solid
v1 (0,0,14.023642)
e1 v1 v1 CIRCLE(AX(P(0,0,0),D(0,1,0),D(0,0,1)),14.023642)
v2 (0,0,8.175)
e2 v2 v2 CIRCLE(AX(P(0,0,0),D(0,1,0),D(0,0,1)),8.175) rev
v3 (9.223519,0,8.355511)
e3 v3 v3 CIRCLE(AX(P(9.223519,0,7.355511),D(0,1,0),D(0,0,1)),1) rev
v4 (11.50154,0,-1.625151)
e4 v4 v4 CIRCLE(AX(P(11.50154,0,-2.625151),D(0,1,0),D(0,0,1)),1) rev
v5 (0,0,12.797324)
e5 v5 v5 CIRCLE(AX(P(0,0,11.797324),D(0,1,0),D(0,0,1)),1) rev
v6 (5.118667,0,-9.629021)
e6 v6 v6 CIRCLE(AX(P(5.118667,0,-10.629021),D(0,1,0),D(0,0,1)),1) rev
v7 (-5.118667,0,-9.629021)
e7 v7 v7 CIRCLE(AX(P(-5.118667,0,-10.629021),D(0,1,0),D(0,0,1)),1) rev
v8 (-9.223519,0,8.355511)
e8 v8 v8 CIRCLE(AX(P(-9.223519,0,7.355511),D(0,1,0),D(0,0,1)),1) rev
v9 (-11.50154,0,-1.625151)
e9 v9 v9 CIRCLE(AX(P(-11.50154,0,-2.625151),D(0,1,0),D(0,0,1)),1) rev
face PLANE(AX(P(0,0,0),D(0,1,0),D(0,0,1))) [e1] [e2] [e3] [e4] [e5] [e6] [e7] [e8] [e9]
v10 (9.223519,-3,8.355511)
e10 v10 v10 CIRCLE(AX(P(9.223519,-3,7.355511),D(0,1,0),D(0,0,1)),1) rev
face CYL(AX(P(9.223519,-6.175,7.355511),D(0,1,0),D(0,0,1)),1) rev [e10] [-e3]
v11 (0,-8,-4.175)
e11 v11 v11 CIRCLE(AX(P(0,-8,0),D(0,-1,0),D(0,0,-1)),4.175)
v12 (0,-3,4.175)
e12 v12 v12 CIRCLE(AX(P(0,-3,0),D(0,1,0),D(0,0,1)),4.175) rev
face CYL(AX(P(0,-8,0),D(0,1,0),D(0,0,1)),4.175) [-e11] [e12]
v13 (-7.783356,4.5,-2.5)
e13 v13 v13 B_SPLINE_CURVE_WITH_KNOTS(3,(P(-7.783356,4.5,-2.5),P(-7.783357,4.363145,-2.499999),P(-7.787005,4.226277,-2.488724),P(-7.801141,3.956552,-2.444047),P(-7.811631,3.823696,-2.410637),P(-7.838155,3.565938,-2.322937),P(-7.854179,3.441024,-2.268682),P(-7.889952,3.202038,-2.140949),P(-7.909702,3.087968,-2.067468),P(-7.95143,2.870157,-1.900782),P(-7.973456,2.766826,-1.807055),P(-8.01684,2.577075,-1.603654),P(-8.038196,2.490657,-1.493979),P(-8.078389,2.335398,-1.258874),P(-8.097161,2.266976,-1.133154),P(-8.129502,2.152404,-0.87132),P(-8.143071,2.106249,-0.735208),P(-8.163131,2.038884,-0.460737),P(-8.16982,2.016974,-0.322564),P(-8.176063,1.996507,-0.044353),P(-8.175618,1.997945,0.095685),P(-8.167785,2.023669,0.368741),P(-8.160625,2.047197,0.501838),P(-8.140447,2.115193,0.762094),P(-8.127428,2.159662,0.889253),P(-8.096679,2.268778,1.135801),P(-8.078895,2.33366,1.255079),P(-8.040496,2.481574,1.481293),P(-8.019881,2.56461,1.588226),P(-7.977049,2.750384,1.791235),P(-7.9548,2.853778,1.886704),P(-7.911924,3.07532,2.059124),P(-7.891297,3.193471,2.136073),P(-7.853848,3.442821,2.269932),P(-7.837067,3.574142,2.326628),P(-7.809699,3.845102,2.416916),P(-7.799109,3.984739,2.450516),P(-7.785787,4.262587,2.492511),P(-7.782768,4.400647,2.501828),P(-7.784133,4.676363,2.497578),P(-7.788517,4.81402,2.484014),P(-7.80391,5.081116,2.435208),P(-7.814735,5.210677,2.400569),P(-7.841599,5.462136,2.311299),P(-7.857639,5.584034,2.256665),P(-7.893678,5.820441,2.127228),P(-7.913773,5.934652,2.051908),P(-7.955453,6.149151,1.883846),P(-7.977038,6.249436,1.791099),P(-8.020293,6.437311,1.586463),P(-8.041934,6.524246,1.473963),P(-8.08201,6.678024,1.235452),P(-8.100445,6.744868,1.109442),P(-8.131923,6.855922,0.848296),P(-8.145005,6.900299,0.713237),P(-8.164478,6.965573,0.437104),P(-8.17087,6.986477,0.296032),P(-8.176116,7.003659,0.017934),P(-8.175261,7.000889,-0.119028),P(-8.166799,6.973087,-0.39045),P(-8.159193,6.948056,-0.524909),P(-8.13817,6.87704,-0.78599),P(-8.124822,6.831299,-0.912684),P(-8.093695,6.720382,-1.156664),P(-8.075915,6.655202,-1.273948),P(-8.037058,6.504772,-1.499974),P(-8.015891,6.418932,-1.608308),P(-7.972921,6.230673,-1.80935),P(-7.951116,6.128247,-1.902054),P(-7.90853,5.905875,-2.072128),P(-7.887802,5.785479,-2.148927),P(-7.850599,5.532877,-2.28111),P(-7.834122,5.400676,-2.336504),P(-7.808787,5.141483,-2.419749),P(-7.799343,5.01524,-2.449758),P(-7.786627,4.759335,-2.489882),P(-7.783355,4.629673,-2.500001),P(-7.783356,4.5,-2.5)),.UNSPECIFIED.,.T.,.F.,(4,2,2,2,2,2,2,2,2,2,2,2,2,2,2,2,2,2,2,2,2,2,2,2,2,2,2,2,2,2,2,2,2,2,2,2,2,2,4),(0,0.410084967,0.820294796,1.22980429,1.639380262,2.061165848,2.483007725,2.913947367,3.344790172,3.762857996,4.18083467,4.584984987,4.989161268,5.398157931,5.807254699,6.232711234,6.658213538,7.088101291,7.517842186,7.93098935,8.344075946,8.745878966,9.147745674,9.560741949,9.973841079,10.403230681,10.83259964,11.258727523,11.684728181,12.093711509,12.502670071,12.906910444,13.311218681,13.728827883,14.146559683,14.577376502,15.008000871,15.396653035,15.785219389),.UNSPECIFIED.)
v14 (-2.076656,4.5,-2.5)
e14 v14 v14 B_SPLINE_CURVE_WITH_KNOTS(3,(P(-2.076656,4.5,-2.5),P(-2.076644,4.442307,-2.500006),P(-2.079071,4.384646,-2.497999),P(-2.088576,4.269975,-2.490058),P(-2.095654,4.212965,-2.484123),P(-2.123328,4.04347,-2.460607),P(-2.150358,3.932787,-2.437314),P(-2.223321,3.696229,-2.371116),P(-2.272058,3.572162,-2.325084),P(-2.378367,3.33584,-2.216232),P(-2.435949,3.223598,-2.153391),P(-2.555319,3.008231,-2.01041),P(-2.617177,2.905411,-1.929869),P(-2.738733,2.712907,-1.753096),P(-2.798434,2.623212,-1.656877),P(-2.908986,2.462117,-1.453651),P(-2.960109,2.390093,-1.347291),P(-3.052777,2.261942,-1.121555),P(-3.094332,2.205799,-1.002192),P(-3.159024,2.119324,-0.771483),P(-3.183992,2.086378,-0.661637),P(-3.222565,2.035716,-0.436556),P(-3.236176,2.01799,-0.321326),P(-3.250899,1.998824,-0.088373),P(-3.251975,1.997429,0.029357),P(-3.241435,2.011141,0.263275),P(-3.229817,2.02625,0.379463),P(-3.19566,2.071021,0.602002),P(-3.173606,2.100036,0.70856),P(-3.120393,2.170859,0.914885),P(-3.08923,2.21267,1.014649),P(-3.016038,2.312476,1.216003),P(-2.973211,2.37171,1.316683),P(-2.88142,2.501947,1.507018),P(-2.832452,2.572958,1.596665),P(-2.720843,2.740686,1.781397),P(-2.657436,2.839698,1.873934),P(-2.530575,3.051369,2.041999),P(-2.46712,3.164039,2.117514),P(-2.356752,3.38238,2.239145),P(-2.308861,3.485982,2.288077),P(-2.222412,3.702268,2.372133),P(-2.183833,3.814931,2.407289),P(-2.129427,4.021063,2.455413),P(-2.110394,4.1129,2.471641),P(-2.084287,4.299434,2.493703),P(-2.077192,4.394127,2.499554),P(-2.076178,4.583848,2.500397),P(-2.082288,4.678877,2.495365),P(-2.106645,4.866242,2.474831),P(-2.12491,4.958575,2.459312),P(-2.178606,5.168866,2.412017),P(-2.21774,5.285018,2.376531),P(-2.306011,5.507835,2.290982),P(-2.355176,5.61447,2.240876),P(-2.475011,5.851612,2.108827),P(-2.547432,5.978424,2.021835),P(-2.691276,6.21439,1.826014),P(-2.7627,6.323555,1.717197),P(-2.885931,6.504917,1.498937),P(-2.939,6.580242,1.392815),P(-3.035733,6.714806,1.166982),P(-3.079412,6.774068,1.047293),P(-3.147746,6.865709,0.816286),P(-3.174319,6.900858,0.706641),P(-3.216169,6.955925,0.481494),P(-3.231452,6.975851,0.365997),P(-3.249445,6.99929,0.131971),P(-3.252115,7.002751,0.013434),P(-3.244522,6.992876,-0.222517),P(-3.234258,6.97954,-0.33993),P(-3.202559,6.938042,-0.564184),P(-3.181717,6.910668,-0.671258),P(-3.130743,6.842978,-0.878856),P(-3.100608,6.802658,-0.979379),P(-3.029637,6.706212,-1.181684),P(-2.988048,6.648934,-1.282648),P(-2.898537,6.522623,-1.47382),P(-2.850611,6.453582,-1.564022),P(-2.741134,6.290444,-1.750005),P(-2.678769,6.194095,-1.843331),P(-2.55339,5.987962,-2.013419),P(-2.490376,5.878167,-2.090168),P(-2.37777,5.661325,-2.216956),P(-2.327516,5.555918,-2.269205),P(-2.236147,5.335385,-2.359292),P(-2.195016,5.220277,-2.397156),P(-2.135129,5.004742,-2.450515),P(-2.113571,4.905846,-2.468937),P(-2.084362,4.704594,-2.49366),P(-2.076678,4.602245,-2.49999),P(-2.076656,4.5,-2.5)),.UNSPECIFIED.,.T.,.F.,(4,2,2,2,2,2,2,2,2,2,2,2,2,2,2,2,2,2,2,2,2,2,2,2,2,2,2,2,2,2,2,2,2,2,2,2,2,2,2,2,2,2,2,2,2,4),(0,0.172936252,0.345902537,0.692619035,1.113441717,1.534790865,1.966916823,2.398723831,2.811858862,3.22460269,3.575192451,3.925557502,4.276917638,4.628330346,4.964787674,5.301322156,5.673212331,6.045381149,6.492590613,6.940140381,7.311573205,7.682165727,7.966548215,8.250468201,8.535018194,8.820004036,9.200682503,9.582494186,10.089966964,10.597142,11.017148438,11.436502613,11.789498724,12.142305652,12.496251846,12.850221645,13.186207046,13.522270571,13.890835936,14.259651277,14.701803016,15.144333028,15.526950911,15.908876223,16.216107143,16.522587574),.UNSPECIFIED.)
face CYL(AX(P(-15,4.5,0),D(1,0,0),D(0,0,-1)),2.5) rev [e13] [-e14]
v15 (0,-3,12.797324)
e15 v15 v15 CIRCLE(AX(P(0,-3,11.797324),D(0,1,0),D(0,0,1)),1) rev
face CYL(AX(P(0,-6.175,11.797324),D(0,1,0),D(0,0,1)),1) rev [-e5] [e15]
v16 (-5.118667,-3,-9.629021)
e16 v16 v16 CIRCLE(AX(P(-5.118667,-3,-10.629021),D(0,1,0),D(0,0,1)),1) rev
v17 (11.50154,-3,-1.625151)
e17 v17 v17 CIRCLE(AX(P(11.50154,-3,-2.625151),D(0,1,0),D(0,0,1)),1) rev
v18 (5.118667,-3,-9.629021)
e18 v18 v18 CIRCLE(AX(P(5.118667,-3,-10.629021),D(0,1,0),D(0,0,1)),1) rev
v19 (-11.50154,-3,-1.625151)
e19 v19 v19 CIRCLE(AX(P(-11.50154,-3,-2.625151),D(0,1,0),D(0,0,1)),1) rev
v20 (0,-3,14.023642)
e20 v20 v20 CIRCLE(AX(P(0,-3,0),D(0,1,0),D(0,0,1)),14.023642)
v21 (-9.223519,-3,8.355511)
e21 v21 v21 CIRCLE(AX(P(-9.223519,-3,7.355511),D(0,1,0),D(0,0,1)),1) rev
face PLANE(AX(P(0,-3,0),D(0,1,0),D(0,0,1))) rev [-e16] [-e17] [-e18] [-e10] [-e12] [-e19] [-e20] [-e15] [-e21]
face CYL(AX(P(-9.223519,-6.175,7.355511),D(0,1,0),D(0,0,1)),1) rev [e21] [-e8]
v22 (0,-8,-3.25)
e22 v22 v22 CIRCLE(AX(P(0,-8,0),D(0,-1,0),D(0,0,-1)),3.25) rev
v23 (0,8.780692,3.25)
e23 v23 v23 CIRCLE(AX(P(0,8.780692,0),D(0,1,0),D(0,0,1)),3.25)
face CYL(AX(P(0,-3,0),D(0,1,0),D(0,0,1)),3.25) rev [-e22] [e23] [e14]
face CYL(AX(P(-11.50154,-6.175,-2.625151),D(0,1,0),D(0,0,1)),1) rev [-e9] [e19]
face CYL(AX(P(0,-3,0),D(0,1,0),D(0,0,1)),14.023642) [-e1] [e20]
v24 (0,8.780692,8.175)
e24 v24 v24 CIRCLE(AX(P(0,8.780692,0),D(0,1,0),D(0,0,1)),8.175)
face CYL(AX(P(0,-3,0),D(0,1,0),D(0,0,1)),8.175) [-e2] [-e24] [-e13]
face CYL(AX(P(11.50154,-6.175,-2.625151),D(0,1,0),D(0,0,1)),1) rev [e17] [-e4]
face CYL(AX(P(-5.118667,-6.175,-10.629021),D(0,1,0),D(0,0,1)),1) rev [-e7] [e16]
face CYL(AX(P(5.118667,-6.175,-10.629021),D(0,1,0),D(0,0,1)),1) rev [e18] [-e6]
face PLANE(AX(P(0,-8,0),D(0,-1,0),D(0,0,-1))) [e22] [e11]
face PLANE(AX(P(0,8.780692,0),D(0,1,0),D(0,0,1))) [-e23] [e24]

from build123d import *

# Parameters (mm, degrees)
BOSS_EXTRUDE1_DEPTH      = 8.7806917
BOSS_EXTRUDE1_DEPTH_BACK = 3
SKETCH1_R                = 8.175
SKETCH1_R_2              = 3.25
SKETCH1_3_R              = 14.023642089
SKETCH1_3_R_2            = 8.175
BOSS_EXTRUDE2_DEPTH      = 3
SKETCH2_R                = 2.5
CUT_EXTRUDE1_DEPTH       = 15
CUT_EXTRUDE2_DEPTH       = 3.175
CUT_EXTRUDE2_DEPTH_BACK  = 24.067504724
SKETCH3_R                = 1
SKETCH4_R                = 4.175
BOSS_EXTRUDE4_DEPTH      = 5
CUT_EXTRUDE3_DEPTH       = 15
CUT_EXTRUDE3_DEPTH_BACK  = 13
SKETCH1_5_R              = 3.25


with BuildPart() as part:
    # Sketch1 → Boss-Extrude1 (new, two sides: drawn at the far end of the back side and taken through both)
    with BuildSketch(Plane(origin=(0, 0, 0), x_dir=(1, 0, 0), z_dir=(0, 1, 0)).offset(-BOSS_EXTRUDE1_DEPTH_BACK)):
        Circle(SKETCH1_R)
        Circle(SKETCH1_R_2, mode=Mode.SUBTRACT)
    extrude(amount=BOSS_EXTRUDE1_DEPTH + BOSS_EXTRUDE1_DEPTH_BACK)

    # Sketch2 → Cut-Extrude1 (cut)
    with BuildSketch(Plane(origin=(0, 0, 0), x_dir=(0, 0, -1), z_dir=(1, 0, 0))):
        with Locations((0, 4.5)):
            Circle(SKETCH2_R)
    extrude(amount=-CUT_EXTRUDE1_DEPTH, mode=Mode.SUBTRACT)



with BuildPart() as body_2:
    # Sketch1<3> → Boss-Extrude2 (new body)
    with BuildSketch(Plane(origin=(0, 0, 0), x_dir=(1, 0, 0), z_dir=(0, 1, 0))):
        Circle(SKETCH1_3_R)
        Circle(SKETCH1_3_R_2, mode=Mode.SUBTRACT)
    extrude(amount=-BOSS_EXTRUDE2_DEPTH)

    # Sketch3 → Cut-Extrude2 (cut, two sides: drawn at the far end of the back side and taken through both)
    with BuildSketch(Plane.XZ.offset(3).offset(-CUT_EXTRUDE2_DEPTH_BACK)):
        with Locations((0, 11.797323524)):
            Circle(SKETCH3_R)
        with Locations((9.22351894, 7.355510906)):
            Circle(SKETCH3_R)
        with Locations((11.501539993, -2.625151449)):
            Circle(SKETCH3_R)
        with Locations((5.118666842, -10.62902122)):
            Circle(SKETCH3_R)
        with Locations((-5.118666842, -10.62902122)):
            Circle(SKETCH3_R)
        with Locations((-11.501539993, -2.625151449)):
            Circle(SKETCH3_R)
        with Locations((-9.22351894, 7.355510906)):
            Circle(SKETCH3_R)
    extrude(amount=CUT_EXTRUDE2_DEPTH + CUT_EXTRUDE2_DEPTH_BACK, mode=Mode.SUBTRACT)


with BuildPart() as part_1:
    add(part.part)

    add(body_2.part)  # Boss-Extrude4 merges body 2
    # Sketch4 → Boss-Extrude4 (add)
    with BuildSketch(Plane.XZ.offset(3)):
        Circle(SKETCH4_R)
    extrude(amount=BOSS_EXTRUDE4_DEPTH)

    # Sketch1<5> → Cut-Extrude3 (cut, two sides: drawn at the far end of the back side and taken through both)
    with BuildSketch(Plane(origin=(0, 0, 0), x_dir=(1, 0, 0), z_dir=(0, 1, 0)).offset(-CUT_EXTRUDE3_DEPTH_BACK)):
        Circle(SKETCH1_5_R)
    extrude(amount=CUT_EXTRUDE3_DEPTH + CUT_EXTRUDE3_DEPTH_BACK, mode=Mode.SUBTRACT)


solid = part_1.part
